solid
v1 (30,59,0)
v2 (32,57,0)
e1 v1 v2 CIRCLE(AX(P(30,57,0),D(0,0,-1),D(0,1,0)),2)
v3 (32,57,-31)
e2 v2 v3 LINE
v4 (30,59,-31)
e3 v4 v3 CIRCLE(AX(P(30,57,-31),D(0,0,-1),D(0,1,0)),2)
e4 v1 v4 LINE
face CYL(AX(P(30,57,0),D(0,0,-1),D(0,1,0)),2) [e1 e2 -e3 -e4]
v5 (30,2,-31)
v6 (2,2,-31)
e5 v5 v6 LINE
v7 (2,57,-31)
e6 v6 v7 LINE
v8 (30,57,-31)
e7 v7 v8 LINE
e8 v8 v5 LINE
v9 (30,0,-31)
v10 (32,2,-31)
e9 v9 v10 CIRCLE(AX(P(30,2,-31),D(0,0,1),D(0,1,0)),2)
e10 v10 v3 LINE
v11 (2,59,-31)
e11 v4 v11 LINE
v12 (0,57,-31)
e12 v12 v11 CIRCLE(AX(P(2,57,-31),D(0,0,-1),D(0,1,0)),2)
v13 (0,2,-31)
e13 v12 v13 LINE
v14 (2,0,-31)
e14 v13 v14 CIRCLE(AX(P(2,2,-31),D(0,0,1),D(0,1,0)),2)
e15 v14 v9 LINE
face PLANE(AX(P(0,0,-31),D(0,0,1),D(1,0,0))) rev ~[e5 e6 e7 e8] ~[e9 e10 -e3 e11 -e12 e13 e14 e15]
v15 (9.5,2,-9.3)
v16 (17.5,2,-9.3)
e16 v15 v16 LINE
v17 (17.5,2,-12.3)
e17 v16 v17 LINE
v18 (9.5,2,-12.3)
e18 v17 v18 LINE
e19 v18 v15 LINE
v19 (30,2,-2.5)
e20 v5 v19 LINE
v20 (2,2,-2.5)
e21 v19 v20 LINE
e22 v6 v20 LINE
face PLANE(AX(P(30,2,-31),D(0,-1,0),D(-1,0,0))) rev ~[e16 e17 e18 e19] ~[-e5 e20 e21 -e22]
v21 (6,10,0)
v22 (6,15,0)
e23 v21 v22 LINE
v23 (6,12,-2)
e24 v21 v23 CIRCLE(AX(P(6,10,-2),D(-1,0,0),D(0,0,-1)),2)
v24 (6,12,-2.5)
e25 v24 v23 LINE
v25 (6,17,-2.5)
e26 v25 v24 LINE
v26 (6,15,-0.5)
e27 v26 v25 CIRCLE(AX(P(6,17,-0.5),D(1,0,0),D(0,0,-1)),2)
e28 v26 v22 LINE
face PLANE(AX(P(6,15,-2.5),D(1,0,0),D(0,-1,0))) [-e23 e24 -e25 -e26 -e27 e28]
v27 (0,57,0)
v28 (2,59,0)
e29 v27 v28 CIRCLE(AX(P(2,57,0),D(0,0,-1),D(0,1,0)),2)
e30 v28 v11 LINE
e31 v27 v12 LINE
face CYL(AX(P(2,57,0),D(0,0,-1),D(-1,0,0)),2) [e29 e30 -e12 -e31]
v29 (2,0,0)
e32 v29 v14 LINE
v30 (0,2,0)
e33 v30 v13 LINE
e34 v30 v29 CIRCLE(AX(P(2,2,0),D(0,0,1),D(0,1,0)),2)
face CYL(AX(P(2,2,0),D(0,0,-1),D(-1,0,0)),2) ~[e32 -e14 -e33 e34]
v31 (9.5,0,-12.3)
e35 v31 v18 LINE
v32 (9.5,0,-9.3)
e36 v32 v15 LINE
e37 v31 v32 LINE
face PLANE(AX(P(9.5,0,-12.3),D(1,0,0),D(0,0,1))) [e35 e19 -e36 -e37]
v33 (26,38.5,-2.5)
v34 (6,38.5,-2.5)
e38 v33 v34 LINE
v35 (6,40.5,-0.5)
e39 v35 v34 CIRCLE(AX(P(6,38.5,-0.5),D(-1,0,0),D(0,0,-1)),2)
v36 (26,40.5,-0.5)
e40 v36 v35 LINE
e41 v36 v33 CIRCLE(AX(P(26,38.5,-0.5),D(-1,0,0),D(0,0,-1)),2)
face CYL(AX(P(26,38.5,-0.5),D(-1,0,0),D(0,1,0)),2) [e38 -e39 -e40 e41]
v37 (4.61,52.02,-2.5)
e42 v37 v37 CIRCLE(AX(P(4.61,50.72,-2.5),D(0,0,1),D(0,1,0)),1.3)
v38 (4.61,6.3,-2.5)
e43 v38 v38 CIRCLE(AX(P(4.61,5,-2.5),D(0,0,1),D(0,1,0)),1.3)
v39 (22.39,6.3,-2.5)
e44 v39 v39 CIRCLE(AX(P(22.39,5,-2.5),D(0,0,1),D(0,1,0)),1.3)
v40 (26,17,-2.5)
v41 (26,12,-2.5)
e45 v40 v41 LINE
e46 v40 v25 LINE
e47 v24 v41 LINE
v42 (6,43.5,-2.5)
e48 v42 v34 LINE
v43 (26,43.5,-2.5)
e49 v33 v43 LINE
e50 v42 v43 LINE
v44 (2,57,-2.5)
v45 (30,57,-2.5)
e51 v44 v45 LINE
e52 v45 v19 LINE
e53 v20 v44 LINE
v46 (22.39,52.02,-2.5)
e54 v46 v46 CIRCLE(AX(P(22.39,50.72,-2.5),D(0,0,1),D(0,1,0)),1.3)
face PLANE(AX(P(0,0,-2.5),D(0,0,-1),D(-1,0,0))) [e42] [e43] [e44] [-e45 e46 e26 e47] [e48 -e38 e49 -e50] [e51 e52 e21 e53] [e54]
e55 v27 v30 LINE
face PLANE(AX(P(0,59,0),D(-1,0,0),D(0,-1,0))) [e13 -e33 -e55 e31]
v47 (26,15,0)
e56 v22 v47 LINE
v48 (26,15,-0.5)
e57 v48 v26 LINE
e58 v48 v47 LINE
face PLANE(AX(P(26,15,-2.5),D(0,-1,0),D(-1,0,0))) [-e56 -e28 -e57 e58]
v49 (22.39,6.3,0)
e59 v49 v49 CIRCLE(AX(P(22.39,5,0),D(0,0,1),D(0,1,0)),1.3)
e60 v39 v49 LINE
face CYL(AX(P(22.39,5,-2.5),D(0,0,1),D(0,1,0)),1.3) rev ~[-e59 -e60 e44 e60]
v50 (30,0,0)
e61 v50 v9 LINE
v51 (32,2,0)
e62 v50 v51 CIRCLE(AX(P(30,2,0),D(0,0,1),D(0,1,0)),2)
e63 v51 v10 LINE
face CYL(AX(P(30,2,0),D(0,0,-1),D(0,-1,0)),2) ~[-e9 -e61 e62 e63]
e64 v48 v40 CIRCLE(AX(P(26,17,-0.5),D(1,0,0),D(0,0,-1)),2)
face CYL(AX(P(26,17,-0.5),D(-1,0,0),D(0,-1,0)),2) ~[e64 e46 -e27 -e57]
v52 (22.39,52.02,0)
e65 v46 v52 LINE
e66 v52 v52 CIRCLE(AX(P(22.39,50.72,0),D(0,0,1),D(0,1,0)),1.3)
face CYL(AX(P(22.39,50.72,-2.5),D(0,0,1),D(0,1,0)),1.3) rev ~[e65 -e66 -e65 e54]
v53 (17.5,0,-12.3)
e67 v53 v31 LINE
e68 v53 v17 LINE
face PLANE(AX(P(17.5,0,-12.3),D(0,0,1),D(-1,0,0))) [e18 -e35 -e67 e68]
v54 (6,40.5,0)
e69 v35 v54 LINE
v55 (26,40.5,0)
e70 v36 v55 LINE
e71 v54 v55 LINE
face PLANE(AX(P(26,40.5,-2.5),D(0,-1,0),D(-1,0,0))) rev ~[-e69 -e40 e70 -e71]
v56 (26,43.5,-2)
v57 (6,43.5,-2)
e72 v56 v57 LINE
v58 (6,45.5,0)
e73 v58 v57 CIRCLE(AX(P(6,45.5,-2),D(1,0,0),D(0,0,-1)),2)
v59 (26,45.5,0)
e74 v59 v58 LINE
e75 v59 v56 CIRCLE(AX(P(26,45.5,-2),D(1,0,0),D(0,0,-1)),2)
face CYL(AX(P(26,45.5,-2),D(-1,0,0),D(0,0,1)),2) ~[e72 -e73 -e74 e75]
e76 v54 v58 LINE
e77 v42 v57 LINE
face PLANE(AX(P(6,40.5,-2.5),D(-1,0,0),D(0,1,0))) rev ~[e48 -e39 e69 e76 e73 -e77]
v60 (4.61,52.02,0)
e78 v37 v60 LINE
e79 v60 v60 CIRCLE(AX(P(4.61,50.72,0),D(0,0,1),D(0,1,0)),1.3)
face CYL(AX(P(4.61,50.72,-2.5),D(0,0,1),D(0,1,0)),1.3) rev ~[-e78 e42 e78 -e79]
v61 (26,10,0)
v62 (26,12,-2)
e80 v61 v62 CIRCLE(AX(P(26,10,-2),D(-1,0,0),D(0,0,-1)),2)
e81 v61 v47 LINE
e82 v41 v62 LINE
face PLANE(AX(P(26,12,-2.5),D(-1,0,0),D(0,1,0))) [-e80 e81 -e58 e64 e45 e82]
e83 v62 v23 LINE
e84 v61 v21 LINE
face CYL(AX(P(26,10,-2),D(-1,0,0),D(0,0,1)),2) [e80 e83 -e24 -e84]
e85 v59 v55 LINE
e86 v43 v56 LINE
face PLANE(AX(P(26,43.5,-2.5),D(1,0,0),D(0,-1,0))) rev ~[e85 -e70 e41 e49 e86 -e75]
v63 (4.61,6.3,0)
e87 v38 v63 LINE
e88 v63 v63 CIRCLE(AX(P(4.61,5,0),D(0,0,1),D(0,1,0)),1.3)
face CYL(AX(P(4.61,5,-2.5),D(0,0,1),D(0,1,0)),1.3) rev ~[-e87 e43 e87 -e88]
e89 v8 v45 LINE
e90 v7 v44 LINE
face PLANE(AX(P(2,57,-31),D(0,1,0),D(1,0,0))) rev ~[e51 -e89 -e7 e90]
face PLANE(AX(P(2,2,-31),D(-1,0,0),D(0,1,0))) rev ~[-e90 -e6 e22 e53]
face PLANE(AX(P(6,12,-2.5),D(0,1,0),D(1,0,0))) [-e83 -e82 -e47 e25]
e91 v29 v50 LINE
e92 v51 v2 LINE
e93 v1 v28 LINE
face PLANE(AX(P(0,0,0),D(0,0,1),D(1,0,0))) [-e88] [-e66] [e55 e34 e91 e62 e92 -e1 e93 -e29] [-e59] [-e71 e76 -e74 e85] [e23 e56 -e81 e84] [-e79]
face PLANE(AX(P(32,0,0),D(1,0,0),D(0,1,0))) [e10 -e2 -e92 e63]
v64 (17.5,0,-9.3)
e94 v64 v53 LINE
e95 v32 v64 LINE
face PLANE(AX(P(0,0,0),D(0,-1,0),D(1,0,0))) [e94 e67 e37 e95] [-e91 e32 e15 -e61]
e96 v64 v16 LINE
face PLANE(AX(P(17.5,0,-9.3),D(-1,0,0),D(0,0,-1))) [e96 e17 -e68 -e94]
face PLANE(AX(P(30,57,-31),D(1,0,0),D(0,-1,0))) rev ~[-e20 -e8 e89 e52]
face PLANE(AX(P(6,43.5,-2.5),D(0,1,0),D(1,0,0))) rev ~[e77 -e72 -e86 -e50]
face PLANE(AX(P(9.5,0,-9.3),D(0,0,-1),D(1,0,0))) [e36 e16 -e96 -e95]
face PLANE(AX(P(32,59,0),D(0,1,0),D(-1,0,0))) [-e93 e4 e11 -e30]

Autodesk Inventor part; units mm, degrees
ref_plane "YZ Plane" through (0, 0, 0) normal (1, 0, 0) x (0, 1, 0)
ref_plane "XZ Plane" through (0, 0, 0) normal (0, 1, 0) x (-1, 0, 0)
ref_plane "XY Plane" through (0, 0, 0) normal (0, 0, 1) x (1, 0, 0)
sketch "Skizze1" plane through (0, 0, 0) normal (0, 0, 1) x (1, 0, 0)
  line L0 (0, 0) -> (32, 0)
  line L1 (32, 0) -> (32, 59)
  line L2 (32, 59) -> (0, 59)
  line L3 (0, 59) -> (0, 0)
  dimension "d0" = 32
  dimension "d1" = 59
extrude "Extrusion1" add sketch "Skizze1" against normal blind 31
sketch "Skizze2" plane through (0, 0, -31) normal (0, 0, -1) x (-1, 0, 0)
  line L0 (-2, 57) -> (-30, 57)
  line L1 (-30, 57) -> (-30, 2)
  line L2 (-30, 2) -> (-2, 2)
  line L3 (-2, 2) -> (-2, 57)
  line L4 (0, 59) -> (-32, 59) construction
  line L5 (-32, 59) -> (-32, 0) construction
  point P0 (0, 0)
  dimension "d4" = 2
  dimension "d5" = 2
  dimension "d6" = 2
  dimension "d7" = 2
extrude "Extrusion2" cut sketch "Skizze2" against normal blind 28.5
sketch "Skizze8" plane through (0, 0, -2.5) normal (0, 0, -1) x (-1, 0, 0)
  line L0 (-6, 12) -> (-26, 12)
  line L1 (-26, 12) -> (-26, 15)
  line L2 (-26, 15) -> (-6, 15)
  line L3 (-6, 15) -> (-6, 12)
  line L4 (-2, 2) -> (-30, 2) construction
  circle A0 centre (-4.61, 4.57) radius 3 construction
  line L5 (-6, 43.5) -> (-26, 43.5)
  line L6 (-26, 43.5) -> (-26, 40.5)
  line L7 (-26, 40.5) -> (-6, 40.5)
  line L8 (-6, 40.5) -> (-6, 43.5)
  circle A1 centre (-4.61, 50.29) radius 3 construction
  line L9 (-30, 57) -> (-2, 57) projected
  point P0 (0, 0)
  point P1 (-16, 12)
  point P2 (-16, 2)
  point P3 (-16, 2)
  point P4 (-16, 40.5)
  dimension "d43" = 3
  dimension "d44" = 20
  dimension "d46" = 3
  dimension "d47" = 20
  dimension "d71" = 10
  dimension "d72" = 13.5
extrude "Extrusion5" cut sketch "Skizze8" against normal through all
sketch "Skizze9" plane through (0, 0, 0) normal (0, -1, 0) x (1, 0, 0)
  line L0 (2, -5.5) -> (3.0624, -5.5) construction
  line L1 (17.5, -12.3) -> (9.5, -12.3)
  line L2 (9.5, -12.3) -> (9.5, -9.3)
  line L3 (9.5, -9.3) -> (17.5, -9.3)
  line L4 (17.5, -9.3) -> (17.5, -12.3)
  line L5 (0, 0) -> (32, 0) construction
  line L6 (2, -2.5) -> (30, -2.5) projected
  line L7 (2, -31) -> (2, -2.5) projected
  point P0 (13.5, -9.3)
  point P1 (16, 0)
  point P2 (6.1576, -2)
  point P3 (20.8424, -2)
  point P4 (30, -2.5)
  dimension "d54" = 8
  dimension "d55" = 3
  dimension "d70" = 6.8
  dimension "d81" = 7.5
extrude "Extrusion6" cut sketch "Skizze9" against normal up to surface (2 mm away)
fillet "Rundung1" radius 2 4 edges at (32, 0, -15.5) (0, 0, -15.5) (0, 59, -15.5) (32, 59, -15.5)
fillet "Rundung2" radius 2 2 edges at (16, 15, -2.5) (16, 40.5, -2.5)
fillet "Rundung3" radius 2 2 edges at (16, 12, 0) (16, 43.5, 0)
sketch "Skizze11" plane through (0, 0, -2.5) normal (0, 0, -1) x (-1, 0, 0)
  point P0 (0, 0)
  point P1 (-22.39, 5)
  point P2 (-22.39, 5)
  point P3 (-4.61, 5)
  point P4 (-4.61, 5)
  point P5 (-22.39, 50.72)
  point P6 (-22.39, 50.72)
  point P7 (-4.61, 50.72)
  dimension "d82" = 4.61
  dimension "d83" = 5
  dimension "d84" = 45.72
  dimension "d85" = 17.78
hole "Bohrung4" at (22.39, 5, -2.5) at (4.61, 5, -2.5) at (22.39, 50.72, -2.5) at (4.61, 50.72, -2.5) direction (0, 0, 1) diameter 2.6 end through all
properties part number "bottom"
